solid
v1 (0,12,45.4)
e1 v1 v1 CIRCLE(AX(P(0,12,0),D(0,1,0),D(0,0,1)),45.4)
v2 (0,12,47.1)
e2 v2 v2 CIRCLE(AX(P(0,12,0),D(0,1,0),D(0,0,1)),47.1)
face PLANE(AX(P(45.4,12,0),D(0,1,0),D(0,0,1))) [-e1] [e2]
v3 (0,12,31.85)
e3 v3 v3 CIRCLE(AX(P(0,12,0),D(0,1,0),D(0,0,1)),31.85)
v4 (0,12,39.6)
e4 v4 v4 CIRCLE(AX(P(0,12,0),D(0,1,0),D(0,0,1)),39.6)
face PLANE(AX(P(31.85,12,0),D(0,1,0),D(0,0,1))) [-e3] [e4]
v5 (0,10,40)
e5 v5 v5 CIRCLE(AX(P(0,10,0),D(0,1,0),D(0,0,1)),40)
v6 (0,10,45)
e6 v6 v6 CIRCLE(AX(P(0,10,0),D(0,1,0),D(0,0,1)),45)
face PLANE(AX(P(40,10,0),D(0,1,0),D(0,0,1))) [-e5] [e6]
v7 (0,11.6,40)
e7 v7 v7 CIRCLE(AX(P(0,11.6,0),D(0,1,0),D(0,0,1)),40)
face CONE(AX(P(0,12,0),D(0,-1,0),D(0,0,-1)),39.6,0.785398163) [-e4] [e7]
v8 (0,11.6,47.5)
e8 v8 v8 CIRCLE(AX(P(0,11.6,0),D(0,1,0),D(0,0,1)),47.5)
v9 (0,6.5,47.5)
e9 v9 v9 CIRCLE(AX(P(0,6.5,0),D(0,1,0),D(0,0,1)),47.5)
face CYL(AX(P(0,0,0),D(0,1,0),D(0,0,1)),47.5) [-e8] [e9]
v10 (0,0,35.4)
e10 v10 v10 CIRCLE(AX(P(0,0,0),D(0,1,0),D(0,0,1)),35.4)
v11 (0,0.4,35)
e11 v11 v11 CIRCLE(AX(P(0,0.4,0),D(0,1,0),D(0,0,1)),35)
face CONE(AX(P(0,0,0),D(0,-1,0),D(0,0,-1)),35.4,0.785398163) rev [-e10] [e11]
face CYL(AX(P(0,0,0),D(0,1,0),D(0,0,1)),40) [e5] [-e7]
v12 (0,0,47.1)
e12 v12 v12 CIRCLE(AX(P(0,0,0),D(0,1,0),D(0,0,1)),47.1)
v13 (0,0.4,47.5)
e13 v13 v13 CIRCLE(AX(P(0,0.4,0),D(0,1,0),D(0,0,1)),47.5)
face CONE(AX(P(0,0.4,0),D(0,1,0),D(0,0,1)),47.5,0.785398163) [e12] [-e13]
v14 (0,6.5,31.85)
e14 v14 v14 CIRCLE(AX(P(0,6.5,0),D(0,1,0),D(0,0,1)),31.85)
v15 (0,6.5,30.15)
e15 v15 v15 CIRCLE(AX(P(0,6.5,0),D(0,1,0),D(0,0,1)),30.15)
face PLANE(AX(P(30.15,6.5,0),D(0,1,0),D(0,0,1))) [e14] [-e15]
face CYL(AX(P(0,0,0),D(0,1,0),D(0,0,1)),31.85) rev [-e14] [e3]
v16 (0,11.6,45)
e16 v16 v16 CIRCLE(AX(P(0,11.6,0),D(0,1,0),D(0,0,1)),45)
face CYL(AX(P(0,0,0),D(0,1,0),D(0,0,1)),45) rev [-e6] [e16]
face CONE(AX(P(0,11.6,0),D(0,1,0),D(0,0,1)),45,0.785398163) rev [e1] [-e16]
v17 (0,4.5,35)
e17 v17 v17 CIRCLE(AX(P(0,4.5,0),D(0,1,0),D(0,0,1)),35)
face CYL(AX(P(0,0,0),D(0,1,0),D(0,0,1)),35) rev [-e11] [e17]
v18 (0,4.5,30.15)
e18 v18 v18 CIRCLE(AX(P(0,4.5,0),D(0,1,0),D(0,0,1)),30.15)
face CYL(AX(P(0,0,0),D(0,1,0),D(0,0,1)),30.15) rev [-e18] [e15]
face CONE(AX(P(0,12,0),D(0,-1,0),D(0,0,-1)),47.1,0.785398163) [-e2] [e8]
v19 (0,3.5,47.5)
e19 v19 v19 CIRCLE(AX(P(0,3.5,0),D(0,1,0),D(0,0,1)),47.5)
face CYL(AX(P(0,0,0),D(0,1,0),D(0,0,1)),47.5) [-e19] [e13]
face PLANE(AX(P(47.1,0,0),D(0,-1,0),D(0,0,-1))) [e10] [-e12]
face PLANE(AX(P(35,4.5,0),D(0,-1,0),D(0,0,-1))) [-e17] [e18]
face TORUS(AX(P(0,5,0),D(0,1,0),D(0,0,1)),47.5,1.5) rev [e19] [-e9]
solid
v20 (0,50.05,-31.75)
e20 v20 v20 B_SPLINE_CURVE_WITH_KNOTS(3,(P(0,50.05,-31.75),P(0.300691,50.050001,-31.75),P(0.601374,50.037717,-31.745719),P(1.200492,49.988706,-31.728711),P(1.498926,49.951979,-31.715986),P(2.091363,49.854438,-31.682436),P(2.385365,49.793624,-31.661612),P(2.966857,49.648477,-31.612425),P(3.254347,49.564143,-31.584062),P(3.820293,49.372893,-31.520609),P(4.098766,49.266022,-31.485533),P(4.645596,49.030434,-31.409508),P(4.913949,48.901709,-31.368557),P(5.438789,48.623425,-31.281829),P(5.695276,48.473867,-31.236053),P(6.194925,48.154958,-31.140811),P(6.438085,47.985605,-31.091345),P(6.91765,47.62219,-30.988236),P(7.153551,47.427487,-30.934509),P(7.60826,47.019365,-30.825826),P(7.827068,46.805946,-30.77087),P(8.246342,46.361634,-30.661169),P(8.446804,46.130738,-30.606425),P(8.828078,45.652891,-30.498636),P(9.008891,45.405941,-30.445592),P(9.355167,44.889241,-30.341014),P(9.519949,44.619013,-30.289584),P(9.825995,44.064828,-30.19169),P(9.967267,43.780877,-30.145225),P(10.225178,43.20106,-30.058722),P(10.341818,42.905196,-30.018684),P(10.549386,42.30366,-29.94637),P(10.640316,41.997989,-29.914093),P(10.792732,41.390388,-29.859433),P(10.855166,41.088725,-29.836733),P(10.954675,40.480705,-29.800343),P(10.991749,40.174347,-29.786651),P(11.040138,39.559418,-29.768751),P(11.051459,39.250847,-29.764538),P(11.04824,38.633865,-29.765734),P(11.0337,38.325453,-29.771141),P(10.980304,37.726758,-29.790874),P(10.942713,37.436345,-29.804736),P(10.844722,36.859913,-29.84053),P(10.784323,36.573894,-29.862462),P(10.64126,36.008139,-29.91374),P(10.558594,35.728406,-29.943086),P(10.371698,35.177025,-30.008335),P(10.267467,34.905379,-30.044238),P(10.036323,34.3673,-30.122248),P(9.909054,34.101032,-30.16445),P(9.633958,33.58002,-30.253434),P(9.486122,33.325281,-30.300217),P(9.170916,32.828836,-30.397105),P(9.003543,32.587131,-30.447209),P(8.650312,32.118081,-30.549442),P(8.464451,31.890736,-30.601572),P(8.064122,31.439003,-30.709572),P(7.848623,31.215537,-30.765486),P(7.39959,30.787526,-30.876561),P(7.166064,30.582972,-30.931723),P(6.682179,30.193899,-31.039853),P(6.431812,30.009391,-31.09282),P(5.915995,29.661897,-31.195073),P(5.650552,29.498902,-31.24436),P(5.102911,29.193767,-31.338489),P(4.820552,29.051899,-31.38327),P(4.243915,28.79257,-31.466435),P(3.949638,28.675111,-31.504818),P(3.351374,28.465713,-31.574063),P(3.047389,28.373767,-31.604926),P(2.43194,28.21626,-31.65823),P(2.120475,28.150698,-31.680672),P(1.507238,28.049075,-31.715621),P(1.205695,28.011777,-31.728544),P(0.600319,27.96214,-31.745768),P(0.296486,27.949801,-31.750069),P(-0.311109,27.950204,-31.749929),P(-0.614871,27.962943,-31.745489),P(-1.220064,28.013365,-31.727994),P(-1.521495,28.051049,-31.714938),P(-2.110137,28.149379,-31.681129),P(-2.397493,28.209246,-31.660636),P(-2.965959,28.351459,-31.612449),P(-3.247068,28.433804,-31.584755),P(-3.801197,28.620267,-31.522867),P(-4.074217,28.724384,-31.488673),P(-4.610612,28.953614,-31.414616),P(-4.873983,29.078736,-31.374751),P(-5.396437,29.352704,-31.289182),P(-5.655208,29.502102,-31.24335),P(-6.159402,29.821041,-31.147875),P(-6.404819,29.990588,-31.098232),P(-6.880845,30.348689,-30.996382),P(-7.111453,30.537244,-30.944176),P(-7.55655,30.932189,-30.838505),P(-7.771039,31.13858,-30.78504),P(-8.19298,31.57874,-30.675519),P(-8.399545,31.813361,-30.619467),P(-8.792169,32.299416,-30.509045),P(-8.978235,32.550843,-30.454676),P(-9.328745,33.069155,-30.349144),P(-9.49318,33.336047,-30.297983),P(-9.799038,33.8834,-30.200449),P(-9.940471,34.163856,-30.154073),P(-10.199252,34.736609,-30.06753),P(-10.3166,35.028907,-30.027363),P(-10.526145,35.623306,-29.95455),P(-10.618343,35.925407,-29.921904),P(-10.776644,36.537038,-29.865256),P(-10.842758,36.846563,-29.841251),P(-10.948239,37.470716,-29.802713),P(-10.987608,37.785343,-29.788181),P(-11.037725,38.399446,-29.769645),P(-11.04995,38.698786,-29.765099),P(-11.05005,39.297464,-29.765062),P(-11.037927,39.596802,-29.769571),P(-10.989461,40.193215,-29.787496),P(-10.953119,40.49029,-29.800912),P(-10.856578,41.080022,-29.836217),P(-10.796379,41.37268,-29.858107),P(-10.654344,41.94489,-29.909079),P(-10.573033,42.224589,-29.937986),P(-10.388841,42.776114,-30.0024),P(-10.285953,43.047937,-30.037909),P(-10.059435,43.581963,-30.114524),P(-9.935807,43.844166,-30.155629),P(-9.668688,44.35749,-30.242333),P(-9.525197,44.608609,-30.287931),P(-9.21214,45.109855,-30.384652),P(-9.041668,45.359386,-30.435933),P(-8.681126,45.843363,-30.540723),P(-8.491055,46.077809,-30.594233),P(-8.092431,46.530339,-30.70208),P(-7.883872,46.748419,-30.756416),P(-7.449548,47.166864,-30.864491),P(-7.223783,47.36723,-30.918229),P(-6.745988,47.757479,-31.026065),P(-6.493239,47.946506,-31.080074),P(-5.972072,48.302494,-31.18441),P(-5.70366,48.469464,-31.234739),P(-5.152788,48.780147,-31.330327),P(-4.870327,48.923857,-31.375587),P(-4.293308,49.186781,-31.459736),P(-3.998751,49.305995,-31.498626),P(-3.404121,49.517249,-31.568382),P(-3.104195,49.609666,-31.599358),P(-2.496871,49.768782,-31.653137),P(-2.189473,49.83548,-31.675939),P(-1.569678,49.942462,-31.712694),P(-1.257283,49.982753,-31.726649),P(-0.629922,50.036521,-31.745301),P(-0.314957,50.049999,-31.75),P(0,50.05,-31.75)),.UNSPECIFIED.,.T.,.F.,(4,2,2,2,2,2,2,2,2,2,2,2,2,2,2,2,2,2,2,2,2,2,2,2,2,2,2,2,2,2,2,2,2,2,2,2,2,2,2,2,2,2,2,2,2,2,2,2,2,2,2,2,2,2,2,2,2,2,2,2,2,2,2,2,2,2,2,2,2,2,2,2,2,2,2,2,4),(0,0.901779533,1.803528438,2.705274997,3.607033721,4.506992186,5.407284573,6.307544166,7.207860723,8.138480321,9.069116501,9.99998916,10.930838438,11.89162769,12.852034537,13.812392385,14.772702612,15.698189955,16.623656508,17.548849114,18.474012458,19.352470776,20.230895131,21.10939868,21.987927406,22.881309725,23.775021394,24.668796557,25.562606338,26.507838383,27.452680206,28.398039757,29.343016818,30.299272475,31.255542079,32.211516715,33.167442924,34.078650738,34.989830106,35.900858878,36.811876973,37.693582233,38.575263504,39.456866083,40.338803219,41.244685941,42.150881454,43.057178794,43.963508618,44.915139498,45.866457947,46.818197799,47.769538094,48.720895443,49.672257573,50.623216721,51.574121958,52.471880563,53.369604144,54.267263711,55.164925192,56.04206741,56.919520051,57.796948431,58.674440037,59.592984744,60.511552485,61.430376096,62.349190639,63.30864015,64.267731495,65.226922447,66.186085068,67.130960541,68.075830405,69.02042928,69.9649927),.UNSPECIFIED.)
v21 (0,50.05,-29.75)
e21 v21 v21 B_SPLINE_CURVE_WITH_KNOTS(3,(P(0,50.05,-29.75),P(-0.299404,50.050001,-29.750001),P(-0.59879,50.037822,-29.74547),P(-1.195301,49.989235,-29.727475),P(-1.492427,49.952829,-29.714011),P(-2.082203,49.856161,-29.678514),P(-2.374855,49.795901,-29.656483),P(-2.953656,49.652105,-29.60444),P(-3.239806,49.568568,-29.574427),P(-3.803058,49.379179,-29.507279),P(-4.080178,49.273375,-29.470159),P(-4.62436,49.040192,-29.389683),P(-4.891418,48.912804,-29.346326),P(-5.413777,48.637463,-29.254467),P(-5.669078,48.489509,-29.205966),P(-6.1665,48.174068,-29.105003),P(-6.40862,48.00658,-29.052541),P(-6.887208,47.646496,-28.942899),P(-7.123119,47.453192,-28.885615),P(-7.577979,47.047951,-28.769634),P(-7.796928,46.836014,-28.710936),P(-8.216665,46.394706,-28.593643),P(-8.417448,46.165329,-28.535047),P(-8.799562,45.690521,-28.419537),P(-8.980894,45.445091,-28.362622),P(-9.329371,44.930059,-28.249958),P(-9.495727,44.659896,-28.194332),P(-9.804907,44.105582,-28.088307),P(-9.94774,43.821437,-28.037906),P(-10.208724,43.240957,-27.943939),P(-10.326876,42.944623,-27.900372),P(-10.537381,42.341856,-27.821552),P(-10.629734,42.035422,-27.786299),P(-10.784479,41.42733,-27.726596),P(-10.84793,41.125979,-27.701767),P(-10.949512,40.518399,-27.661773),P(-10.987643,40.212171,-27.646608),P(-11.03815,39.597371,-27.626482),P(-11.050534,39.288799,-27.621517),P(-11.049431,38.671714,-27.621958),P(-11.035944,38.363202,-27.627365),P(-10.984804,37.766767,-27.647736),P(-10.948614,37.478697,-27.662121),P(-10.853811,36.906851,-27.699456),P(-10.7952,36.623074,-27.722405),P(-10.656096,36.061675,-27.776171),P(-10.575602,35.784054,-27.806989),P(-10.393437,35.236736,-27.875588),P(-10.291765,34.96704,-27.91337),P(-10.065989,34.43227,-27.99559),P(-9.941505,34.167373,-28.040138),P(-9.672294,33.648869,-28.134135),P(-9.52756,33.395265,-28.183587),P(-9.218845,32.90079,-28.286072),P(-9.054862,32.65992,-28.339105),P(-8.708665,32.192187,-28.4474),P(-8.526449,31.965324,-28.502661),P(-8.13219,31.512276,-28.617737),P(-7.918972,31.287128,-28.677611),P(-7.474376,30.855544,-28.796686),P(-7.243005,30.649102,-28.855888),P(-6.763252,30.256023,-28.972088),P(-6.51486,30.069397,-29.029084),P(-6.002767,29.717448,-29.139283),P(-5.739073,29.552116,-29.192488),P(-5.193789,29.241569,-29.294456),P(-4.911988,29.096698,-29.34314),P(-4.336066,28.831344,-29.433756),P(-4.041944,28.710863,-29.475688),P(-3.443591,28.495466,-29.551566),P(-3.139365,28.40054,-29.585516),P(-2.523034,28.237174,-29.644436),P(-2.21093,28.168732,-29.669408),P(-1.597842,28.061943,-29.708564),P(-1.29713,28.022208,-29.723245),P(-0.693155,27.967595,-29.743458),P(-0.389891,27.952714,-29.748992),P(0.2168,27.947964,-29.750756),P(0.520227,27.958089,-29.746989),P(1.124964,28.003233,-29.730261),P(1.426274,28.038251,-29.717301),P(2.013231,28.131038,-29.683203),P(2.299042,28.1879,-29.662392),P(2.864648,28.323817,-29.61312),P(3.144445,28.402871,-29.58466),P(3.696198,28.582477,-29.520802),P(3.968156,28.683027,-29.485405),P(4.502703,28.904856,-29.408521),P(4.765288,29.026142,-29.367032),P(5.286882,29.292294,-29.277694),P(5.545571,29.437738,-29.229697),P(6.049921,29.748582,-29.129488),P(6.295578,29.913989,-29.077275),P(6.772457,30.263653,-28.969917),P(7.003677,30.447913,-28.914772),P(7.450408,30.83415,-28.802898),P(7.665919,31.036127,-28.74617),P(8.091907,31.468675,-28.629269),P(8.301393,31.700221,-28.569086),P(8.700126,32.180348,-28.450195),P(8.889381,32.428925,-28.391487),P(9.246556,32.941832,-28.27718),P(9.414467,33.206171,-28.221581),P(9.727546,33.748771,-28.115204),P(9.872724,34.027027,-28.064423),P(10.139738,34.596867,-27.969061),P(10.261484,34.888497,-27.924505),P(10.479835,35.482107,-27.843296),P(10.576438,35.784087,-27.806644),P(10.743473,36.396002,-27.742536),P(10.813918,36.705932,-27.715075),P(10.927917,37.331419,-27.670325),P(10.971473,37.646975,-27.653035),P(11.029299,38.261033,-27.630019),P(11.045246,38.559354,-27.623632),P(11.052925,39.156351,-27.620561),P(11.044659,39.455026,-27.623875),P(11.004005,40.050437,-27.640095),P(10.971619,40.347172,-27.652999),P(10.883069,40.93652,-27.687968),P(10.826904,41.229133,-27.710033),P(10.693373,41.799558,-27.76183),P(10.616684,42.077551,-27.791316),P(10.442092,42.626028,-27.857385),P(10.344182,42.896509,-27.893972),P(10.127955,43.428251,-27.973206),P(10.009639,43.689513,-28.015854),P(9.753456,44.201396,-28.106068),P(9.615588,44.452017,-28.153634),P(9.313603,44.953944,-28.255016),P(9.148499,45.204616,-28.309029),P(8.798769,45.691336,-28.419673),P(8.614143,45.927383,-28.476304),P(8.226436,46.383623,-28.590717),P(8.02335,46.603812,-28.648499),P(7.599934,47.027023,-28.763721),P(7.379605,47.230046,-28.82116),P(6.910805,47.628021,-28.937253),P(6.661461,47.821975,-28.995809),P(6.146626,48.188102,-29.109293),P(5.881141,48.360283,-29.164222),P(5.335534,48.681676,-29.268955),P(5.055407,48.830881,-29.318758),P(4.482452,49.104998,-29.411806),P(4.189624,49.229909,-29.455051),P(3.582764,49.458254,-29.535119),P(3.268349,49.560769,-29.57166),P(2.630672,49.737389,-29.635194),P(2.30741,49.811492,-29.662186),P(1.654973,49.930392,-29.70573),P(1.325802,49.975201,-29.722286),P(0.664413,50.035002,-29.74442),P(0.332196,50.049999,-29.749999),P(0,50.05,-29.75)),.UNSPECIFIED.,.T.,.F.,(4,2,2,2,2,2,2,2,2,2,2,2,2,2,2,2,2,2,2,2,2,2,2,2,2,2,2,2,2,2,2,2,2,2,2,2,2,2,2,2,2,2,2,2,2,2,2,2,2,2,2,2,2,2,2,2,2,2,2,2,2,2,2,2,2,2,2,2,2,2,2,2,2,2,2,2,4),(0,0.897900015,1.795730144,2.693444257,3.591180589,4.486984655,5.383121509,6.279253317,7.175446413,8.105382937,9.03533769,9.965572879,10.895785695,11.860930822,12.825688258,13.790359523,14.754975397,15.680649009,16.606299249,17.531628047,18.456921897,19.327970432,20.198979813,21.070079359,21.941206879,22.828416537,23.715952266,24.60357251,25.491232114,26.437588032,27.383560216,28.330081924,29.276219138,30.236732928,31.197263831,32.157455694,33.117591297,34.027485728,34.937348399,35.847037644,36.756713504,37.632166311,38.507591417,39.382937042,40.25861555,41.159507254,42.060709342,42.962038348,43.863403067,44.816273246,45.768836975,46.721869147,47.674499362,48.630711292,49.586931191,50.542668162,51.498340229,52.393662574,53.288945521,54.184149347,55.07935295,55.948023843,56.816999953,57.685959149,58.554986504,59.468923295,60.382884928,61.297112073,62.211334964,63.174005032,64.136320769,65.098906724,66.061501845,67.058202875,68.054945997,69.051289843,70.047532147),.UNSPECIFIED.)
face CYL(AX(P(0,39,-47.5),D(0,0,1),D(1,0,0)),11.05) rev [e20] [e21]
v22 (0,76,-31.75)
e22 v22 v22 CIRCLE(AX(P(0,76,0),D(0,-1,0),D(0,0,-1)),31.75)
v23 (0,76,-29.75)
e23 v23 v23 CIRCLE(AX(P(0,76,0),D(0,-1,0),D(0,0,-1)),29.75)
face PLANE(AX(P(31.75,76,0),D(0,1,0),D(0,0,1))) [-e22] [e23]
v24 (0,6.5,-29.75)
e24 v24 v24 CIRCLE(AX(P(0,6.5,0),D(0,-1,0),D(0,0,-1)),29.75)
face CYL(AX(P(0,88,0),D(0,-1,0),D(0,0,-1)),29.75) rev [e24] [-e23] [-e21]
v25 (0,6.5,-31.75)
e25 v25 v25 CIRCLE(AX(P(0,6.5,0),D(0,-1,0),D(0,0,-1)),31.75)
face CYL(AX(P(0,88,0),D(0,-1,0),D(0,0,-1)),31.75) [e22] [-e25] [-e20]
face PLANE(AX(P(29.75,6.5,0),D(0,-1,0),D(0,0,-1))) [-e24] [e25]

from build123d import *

# Parameters (mm, degrees)
SKETCH7_W          = 2
SKETCH7_H          = 69.5
SKETCH9_R          = 11.05
CUT_EXTRUDE1_DEPTH = 48.5


with BuildPart() as part:
    # Sketch5 → ISO-63K (revolve)
    with BuildSketch(Plane(origin=(0, 0, 0), x_dir=(-1, 0, 0), z_dir=(0, 0, -1))):
        with BuildLine():
            Line((-47.1, 12), (-47.5, 11.6))
            Line((-47.5, 11.6), (-47.5, 6.5))
            ThreePointArc((-47.5, 6.5), (-46, 5), (-47.5, 3.5))
            Line((-47.5, 3.5), (-47.5, 0.4))
            Line((-47.5, 0.4), (-47.1, 0))
            Line((-47.1, 0), (-35.4, 0))
            Line((-35.4, 0), (-35, 0.4))
            Line((-35, 0.4), (-35, 4.5))
            Line((-35, 4.5), (-30.15, 4.5))
            Line((-30.15, 4.5), (-30.15, 6.5))
            Line((-30.15, 6.5), (-31.85, 6.5))
            Line((-31.85, 6.5), (-31.85, 12))
            Line((-31.85, 12), (-39.6, 12))
            Line((-39.6, 12), (-40, 11.6))
            Line((-40, 11.6), (-40, 10))
            Line((-40, 10), (-45, 10))
            Line((-45, 10), (-45, 11.6))
            Line((-45, 11.6), (-45.4, 12))
            Line((-45.4, 12), (-47.1, 12))
        make_face()
    revolve(axis=Axis((0, 0, 0), (0, 1, 0)))


with BuildPart() as body_2:
    # Sketch7 → Half-Nipple (revolve)
    with BuildSketch(Plane.XY):
        with Locations((30.75, 41.25)):
            Rectangle(SKETCH7_W, SKETCH7_H)
    revolve(axis=Axis((0, 88, 0), (0, -1, 0)))

    # Sketch9 → Cut-Extrude1 (cut, through all)
    with BuildSketch(Plane.XY):
        with Locations((0, 39)):
            Circle(SKETCH9_R)
    extrude(amount=-CUT_EXTRUDE1_DEPTH, mode=Mode.SUBTRACT)


solid = Compound([part.part, body_2.part])
